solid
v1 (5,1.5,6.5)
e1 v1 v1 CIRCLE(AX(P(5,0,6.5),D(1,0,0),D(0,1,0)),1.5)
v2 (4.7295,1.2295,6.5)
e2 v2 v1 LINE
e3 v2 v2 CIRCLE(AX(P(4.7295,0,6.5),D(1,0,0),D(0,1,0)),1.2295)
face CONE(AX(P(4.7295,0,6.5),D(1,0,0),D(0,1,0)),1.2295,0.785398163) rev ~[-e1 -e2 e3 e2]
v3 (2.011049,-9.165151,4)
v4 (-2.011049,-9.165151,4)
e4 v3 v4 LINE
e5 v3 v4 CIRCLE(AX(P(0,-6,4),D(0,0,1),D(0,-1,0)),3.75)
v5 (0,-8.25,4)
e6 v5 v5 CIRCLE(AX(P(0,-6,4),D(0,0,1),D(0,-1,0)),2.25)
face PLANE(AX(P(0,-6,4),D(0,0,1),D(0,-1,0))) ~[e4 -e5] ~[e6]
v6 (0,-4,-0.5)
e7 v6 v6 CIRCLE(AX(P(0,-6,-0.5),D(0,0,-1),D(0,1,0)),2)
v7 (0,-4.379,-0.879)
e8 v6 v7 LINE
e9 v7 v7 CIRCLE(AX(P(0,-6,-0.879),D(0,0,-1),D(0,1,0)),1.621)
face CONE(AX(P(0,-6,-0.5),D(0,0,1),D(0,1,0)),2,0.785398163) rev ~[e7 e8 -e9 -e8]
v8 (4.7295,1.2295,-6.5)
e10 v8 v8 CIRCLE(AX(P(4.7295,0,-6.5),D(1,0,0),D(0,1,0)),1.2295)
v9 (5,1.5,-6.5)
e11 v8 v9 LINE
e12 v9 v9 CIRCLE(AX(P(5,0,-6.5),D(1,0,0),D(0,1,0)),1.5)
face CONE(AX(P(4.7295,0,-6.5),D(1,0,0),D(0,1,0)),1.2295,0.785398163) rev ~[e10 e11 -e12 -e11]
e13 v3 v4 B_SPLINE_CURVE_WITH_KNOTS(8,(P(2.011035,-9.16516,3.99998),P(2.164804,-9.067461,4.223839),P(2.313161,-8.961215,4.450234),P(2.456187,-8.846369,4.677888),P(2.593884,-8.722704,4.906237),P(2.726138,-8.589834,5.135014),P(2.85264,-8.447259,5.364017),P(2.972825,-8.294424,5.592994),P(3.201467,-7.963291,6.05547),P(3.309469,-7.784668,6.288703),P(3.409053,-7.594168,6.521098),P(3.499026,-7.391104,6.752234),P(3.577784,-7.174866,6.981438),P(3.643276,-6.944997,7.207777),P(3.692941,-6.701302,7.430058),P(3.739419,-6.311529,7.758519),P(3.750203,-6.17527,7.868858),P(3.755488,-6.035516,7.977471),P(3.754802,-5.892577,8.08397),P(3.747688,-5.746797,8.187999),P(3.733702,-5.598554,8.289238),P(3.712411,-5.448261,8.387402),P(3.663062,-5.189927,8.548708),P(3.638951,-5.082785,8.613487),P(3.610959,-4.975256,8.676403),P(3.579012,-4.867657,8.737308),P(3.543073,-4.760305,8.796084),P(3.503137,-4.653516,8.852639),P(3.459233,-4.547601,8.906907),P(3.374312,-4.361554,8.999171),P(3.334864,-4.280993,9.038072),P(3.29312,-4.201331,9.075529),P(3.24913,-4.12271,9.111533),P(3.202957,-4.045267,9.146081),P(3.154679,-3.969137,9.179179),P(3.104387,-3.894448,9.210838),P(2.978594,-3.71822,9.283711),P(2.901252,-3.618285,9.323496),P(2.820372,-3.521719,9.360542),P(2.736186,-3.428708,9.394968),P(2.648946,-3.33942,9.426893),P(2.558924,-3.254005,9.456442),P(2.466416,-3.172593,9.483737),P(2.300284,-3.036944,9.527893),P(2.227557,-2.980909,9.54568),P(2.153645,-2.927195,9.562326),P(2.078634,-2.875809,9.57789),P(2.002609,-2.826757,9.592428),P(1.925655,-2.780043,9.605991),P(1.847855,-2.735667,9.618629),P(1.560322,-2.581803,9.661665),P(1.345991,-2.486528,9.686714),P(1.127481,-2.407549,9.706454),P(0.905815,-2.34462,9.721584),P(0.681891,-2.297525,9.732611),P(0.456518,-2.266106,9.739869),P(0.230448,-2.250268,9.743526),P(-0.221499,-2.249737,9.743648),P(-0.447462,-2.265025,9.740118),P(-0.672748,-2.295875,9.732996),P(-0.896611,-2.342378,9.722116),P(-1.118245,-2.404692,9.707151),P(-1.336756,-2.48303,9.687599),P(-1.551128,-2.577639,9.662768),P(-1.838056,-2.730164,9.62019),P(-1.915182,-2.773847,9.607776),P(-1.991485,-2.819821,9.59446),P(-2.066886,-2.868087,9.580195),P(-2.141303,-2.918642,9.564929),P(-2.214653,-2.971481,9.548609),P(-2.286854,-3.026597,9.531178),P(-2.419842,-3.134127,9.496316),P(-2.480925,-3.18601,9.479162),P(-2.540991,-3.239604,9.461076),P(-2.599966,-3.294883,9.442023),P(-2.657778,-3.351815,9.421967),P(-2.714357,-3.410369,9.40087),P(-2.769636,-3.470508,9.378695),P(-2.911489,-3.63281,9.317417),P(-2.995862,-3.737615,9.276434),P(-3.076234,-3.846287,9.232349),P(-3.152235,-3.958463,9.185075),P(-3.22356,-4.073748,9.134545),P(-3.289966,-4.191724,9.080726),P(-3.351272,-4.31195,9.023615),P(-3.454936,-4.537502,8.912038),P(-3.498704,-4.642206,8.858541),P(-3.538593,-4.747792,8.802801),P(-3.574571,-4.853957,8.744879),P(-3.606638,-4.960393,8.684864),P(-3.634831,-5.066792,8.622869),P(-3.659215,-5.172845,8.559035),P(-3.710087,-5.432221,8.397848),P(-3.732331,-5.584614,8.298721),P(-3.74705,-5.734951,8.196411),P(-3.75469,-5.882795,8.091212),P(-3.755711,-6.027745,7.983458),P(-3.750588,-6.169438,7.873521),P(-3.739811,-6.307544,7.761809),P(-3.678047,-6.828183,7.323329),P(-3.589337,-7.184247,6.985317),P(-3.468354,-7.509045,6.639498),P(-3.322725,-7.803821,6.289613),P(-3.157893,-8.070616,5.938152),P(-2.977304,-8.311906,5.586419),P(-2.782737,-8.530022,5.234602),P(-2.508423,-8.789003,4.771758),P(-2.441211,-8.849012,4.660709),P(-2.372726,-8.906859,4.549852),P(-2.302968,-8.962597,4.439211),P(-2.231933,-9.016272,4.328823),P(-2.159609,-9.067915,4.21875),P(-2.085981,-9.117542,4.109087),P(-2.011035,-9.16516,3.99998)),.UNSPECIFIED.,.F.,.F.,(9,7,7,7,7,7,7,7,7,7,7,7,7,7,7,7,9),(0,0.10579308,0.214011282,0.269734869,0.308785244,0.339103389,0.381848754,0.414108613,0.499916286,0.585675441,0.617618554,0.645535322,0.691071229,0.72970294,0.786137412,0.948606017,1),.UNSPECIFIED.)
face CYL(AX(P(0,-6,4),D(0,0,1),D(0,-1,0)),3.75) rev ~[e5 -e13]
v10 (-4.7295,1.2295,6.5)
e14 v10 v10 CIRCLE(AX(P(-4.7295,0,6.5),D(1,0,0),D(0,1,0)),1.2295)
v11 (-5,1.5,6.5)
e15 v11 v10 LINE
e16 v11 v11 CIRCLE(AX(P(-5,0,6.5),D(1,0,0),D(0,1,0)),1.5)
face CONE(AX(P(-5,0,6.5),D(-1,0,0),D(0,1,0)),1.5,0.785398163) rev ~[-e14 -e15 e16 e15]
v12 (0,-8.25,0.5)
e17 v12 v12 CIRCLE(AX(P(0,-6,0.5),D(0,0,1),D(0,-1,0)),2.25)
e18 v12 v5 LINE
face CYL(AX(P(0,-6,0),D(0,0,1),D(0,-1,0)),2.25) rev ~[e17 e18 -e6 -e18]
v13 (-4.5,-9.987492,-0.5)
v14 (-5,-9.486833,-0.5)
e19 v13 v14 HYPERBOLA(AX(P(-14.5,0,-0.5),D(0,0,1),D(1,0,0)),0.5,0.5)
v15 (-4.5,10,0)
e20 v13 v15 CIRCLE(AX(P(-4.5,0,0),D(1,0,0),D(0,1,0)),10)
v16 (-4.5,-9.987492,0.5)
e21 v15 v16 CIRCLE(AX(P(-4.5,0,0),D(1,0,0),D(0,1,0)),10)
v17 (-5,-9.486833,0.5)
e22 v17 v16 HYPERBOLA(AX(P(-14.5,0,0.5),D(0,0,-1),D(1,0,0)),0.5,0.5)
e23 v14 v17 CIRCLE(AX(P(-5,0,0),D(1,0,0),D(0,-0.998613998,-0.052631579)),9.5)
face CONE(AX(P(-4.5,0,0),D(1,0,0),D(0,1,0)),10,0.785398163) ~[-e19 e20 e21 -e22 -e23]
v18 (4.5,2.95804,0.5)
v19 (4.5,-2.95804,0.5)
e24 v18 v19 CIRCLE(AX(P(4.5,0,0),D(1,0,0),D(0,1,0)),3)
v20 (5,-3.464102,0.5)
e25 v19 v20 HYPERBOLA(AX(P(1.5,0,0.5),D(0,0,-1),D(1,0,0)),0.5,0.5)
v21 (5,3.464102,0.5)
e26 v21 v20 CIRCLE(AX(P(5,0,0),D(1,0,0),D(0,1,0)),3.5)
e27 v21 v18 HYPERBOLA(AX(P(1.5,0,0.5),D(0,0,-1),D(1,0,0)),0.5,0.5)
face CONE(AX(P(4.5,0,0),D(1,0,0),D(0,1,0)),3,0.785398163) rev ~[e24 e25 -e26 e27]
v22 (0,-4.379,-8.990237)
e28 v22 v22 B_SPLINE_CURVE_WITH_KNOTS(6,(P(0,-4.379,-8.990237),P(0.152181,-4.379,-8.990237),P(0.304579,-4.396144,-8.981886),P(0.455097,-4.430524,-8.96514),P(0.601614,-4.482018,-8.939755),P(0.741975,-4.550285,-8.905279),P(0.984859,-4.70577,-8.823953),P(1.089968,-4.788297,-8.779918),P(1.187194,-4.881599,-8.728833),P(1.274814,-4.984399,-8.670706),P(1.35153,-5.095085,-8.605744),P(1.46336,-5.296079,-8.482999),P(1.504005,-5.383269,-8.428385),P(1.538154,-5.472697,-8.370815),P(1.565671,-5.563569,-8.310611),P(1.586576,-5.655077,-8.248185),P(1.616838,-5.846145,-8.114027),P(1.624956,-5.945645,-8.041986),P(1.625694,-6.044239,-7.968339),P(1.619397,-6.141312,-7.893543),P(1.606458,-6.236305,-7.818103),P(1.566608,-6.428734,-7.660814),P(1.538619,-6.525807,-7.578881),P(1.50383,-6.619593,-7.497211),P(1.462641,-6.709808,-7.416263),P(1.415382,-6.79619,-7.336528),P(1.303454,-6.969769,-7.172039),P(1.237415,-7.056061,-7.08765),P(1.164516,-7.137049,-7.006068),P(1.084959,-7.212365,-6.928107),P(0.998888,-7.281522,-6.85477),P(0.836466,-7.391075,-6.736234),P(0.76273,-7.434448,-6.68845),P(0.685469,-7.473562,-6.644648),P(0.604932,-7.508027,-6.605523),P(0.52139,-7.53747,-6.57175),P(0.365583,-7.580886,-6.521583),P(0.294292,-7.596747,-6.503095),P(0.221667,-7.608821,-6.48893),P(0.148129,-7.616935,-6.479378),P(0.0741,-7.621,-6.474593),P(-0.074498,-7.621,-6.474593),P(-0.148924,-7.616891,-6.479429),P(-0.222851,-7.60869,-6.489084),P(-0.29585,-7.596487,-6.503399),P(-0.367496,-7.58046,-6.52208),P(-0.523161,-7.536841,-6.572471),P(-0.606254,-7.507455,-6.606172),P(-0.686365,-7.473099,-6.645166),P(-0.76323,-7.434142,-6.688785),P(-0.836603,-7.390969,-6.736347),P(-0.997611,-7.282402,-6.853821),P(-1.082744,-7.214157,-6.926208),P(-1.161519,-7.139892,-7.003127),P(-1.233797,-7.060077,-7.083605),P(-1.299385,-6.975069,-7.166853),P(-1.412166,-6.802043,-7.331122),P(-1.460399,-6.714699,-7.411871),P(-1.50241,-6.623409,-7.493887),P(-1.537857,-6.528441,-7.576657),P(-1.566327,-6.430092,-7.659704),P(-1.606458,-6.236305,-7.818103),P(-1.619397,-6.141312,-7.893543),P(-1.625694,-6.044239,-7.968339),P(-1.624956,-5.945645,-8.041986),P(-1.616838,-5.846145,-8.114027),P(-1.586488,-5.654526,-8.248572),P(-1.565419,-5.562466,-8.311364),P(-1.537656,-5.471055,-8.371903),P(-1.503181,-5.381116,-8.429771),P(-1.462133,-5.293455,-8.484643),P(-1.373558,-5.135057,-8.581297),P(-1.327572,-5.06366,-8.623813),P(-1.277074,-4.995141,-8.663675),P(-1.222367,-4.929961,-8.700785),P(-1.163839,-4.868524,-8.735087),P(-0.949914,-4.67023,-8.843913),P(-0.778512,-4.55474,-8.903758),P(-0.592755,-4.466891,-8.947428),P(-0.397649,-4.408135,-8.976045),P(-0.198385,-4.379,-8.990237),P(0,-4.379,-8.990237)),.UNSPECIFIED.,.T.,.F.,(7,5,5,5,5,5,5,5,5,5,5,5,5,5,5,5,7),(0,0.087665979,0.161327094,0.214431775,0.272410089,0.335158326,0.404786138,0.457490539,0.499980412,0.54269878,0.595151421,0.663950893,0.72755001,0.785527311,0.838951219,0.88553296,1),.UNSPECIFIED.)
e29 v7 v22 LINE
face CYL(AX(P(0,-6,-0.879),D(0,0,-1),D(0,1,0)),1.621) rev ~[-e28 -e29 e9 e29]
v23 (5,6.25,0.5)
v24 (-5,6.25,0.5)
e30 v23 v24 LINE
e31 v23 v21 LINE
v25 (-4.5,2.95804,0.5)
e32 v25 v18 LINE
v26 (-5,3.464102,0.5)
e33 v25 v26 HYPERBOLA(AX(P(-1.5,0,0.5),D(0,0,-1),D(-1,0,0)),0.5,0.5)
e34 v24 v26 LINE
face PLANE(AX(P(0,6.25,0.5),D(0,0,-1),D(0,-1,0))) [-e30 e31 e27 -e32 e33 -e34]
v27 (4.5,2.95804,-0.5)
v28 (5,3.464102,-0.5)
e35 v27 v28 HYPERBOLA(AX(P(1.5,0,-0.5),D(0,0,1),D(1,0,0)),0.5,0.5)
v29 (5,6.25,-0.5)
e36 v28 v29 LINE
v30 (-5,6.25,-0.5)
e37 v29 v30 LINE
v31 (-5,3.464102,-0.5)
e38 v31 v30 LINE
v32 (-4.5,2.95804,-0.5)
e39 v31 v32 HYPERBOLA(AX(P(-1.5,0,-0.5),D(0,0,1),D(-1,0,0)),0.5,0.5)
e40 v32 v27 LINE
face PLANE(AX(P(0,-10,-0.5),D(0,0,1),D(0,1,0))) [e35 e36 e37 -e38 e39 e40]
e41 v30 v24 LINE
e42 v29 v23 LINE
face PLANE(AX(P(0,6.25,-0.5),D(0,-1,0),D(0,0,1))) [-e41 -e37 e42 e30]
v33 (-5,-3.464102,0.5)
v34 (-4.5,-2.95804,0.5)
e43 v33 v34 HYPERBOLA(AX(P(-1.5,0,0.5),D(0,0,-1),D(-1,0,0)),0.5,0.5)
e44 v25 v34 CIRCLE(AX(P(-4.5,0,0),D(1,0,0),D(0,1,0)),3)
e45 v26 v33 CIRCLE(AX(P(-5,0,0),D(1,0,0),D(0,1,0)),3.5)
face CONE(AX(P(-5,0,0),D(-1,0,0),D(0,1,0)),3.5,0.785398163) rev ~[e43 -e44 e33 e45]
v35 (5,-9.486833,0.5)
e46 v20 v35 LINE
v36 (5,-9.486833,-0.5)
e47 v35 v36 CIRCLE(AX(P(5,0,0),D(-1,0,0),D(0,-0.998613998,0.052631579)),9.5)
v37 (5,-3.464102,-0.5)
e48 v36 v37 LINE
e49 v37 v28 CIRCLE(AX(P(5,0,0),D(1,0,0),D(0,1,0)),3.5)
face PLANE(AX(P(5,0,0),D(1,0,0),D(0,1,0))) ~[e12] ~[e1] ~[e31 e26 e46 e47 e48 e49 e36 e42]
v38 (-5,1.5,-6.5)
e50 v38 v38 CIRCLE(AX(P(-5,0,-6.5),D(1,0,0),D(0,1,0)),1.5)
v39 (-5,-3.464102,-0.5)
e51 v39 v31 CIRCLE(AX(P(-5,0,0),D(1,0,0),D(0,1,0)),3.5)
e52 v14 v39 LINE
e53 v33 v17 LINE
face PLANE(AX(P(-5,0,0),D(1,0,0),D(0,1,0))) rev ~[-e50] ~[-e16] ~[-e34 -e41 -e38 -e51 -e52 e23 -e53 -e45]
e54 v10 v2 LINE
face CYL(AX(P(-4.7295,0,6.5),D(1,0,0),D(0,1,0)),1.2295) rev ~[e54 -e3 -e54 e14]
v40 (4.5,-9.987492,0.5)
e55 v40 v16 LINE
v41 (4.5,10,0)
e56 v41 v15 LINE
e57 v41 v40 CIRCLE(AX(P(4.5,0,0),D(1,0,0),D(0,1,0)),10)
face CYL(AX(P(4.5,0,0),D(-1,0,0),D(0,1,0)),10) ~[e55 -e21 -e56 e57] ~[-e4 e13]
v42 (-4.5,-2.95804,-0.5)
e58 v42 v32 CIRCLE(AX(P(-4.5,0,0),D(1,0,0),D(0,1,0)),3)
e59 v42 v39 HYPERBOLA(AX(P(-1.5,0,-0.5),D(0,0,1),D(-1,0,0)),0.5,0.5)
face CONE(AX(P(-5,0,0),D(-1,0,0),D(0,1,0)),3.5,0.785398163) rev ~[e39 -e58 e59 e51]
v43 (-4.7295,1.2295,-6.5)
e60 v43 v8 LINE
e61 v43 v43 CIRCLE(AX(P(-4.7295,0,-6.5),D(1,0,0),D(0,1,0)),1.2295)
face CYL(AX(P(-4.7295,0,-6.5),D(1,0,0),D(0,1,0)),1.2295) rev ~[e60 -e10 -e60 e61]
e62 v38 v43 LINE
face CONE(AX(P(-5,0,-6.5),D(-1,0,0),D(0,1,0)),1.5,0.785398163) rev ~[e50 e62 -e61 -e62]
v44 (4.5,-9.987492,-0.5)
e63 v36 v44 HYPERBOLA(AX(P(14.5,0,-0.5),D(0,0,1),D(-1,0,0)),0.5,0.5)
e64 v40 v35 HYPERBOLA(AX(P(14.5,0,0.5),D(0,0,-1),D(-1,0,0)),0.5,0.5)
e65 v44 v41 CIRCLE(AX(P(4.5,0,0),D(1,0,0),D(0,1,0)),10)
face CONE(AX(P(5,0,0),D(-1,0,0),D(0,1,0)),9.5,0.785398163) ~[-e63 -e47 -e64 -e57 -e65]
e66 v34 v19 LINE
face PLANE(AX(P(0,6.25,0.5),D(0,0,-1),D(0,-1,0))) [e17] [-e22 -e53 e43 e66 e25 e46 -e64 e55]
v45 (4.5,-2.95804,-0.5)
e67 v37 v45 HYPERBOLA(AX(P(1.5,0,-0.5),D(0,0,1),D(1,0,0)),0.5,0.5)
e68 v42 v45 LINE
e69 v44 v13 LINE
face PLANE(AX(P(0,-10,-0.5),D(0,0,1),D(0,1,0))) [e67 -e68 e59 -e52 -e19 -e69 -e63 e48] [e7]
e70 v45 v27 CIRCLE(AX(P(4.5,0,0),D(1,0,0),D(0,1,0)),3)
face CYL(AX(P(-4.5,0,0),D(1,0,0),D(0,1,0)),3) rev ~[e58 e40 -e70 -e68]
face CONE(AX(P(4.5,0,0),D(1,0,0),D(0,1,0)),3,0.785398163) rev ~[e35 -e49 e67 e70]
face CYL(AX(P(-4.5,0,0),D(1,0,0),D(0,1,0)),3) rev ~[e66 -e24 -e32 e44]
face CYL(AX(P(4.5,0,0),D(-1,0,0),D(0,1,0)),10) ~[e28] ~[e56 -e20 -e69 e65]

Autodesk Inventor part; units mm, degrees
sketch "Sketch_1" plane through (0, 0, 0) normal (0, 0, 1) x (1, 0, 0)
  line L0 (5, 0) -> (-5, 0)
  line L1 (-5, 9.5) -> (-5, 3.5)
  line L2 (-5, 3.5) -> (-4.5, 3)
  line L3 (-4.5, 3) -> (4.5, 3)
  line L4 (4.5, 3) -> (5, 3.5)
  line L5 (5, 3.5) -> (5, 9.5)
  line L6 (5, 9.5) -> (4.5, 10)
  line L7 (4.5, 10) -> (-4.5, 10)
  line L8 (-4.5, 10) -> (-5, 9.5)
revolve "Revolution1" add sketch "Sketch_1" angle 360 about axis through (5, 0, 0) along (1, 0, 0)
sketch "Sketch_2" plane through (0, 0, 0) normal (1, 0, 0) x (0, 1, 0)
  line L0 (-10, 0.5) -> (-10, -0.5)
  line L1 (-10, -0.5) -> (6.25, -0.5)
  line L2 (6.25, -0.5) -> (6.25, 0.5)
  line L3 (6.25, 0.5) -> (-10, 0.5)
extrude "Extrusion1" cut sketch "Sketch_2" along normal mid plane 10
sketch "Sketch_3" plane through (0, 0, 0) normal (1, 0, 0) x (0, 1, 0)
  line L0 (-6, 10) -> (-6, 0)
  line L1 (-6, 0) -> (-8.25, 0)
  line L2 (-8.25, 0) -> (-8.25, 4)
  line L3 (-8.25, 4) -> (-9.75, 4)
  line L4 (-9.75, 4) -> (-9.75, 10)
  line L5 (-9.75, 10) -> (-6, 10)
  line L6 (-6, 10) -> (-6, 0)
revolve "Revolution2" cut sketch "Sketch_3" angle 360 about axis through (0, -6, 10) along (0, 0, 1)
sketch "Sketch_4" plane through (0, 0, 0) normal (1, 0, 0) x (0, 1, 0)
  line L0 (-6, -9.5) -> (-6, -0.5)
  line L1 (-6, -0.5) -> (-4, -0.5)
  line L2 (-4, -0.5) -> (-4.379, -0.879)
  line L3 (-4.379, -0.879) -> (-4.379, -9.5)
  line L4 (-4.379, -9.5) -> (-6, -9.5)
  line L5 (-6, -9.5) -> (-6, -0.5)
revolve "Revolution3" cut sketch "Sketch_4" angle 360 about axis through (0, -6, -9.5) along (0, 0, -1)
thread "Thread1" size "M4x0.7" class "6H" standard "ISO Metric profile" length 8.2861
sketch "Sketch_7" plane through (0, 0, -6.5) normal (0, 0, 1) x (1, 0, 0)
  line L0 (5, 0) -> (-5, 0)
  line L1 (-5, 0) -> (-5, 1.5)
  line L2 (-5, 1.5) -> (-4.7295, 1.2295)
  line L3 (-4.7295, 1.2295) -> (4.7295, 1.2295)
  line L4 (4.7295, 1.2295) -> (5, 1.5)
  line L5 (5, 1.5) -> (5, 0)
  line L6 (5, 0) -> (-5, 0)
revolve "Revolution4" cut sketch "Sketch_7" angle 360 about axis through (5, 0, -6.5) along (1, 0, 0)
thread "Thread2" size "M3x0.5" class "6H" standard "ISO Metric profile" full length
sketch "Sketch_8" plane through (0, 0, 6.5) normal (0, 0, 1) x (1, 0, 0)
  line L0 (5, 0) -> (-5, 0)
  line L1 (-5, 0) -> (-5, 1.5)
  line L2 (-5, 1.5) -> (-4.7295, 1.2295)
  line L3 (-4.7295, 1.2295) -> (4.7295, 1.2295)
  line L4 (4.7295, 1.2295) -> (5, 1.5)
  line L5 (5, 1.5) -> (5, 0)
  line L6 (5, 0) -> (-5, 0)
revolve "Revolution5" cut sketch "Sketch_8" angle 360 about axis through (5, 0, 6.5) along (1, 0, 0)
thread "Thread3" size "M3x0.5" class "6H" standard "ISO Metric profile" full length
ref_plane "body_screw_XY" through (0, -6, 4) normal (0, 0, 1) x (1, 0, 0)
ref_plane "body_screw_YZ" through (0, -6, 4) normal (1, 0, 0) x (0, 1, 0)
ref_plane "body_screw_ZX" through (0, -6, 4) normal (0, 1, 0) x (0, 0, 1)
properties part number "SCSW6-10b"
